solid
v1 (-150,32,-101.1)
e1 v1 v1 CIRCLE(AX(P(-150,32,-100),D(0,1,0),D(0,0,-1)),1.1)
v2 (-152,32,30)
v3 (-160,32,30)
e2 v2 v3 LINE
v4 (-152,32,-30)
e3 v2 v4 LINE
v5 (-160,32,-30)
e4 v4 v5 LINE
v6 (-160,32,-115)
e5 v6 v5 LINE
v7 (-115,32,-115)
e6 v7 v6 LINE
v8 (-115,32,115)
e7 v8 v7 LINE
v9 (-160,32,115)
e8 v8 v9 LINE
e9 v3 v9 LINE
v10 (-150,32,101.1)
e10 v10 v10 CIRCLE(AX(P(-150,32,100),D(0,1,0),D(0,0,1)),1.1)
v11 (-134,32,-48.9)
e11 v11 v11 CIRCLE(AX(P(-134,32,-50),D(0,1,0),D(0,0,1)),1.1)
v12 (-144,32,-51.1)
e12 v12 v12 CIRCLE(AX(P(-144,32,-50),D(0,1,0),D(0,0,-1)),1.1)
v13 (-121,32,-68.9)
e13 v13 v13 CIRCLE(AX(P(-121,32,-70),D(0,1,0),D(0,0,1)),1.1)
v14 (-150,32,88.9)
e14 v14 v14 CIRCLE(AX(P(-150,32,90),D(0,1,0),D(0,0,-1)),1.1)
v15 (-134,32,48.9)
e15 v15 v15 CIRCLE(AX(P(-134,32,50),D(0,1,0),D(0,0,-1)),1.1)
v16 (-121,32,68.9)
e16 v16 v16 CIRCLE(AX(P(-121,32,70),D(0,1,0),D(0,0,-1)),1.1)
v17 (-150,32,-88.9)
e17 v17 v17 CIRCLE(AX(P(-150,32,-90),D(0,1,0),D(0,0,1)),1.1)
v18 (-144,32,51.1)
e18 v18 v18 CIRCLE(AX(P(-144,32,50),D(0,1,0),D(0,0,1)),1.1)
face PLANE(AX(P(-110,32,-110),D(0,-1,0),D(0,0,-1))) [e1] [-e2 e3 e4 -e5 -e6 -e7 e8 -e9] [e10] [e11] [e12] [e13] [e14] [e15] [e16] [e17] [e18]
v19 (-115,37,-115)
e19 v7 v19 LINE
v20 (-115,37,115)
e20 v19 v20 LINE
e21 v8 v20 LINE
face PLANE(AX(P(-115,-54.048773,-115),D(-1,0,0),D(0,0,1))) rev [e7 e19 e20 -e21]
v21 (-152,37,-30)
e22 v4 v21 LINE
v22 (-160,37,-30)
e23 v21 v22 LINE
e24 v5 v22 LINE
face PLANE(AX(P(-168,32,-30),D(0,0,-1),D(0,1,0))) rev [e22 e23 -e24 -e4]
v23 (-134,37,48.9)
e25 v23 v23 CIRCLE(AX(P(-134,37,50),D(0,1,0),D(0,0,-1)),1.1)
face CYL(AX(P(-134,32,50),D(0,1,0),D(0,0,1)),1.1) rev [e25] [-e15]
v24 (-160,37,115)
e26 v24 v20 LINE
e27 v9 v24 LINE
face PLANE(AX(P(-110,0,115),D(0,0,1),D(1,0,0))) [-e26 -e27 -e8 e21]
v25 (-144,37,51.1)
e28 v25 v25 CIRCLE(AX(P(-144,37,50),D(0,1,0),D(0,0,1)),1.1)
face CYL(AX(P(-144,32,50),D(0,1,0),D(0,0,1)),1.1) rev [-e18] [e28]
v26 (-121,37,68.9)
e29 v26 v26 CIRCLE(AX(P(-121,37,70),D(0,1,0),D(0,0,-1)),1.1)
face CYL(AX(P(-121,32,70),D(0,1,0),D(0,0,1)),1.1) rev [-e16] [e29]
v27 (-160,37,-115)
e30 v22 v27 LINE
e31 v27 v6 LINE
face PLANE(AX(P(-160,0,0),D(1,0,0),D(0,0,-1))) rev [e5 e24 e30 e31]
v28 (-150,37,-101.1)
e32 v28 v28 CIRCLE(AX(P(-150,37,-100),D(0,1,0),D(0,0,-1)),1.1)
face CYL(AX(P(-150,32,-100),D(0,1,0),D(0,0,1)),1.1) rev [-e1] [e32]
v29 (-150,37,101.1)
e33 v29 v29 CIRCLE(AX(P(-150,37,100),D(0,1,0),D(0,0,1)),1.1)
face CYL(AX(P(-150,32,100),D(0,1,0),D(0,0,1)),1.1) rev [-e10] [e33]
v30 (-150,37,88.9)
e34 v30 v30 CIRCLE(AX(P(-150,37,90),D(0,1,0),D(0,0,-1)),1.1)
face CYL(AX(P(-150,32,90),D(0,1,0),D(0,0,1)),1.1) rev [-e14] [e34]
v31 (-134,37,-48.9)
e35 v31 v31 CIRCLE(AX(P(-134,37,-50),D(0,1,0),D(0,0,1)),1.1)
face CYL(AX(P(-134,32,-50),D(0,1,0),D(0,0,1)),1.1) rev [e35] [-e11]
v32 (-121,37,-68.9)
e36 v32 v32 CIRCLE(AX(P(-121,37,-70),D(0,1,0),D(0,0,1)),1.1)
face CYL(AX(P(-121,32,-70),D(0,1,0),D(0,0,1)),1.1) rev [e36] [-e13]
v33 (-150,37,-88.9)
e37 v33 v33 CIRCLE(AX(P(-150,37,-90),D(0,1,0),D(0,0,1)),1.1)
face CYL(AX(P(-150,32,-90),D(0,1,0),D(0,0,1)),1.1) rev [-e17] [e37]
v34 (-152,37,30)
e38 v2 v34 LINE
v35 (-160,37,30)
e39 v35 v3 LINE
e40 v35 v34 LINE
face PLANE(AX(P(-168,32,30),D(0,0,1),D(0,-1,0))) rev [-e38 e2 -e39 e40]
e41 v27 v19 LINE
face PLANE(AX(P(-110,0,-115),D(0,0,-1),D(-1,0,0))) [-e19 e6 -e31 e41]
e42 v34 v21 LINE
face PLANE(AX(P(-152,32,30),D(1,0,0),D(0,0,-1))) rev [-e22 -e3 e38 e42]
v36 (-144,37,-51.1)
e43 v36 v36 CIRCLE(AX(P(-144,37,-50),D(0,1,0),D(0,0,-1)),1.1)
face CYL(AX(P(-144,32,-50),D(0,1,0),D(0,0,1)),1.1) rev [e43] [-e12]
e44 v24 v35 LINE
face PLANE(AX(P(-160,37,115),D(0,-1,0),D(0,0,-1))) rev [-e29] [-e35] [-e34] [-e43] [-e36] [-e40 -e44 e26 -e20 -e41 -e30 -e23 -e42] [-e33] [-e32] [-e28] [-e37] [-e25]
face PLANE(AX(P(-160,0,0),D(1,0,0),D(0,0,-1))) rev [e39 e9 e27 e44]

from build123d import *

# Parameters (mm, degrees)
SKETCH1_W                      = 5
SKETCH1_H                      = 110
BOSS_EXTRUDE1_DEPTH            = 120
BOSS_EXTRUDE1_DEPTH_BACK       = 110
BOSS_EXTRUDE1_2_DEPTH          = 120
BOSS_EXTRUDE1_2_DEPTH_BACK     = 110
SKETCH2_W                      = 5
SKETCH2_H                      = 37
BOSS_EXTRUDE2_DEPTH            = 50
SKETCH3_W                      = 220
SKETCH3_H                      = 5
BOSS_EXTRUDE3_DEPTH            = 50
SKETCH4_W                      = 230
SKETCH4_H                      = 73
BOSS_EXTRUDE6_DEPTH            = 5
CUT_EXTRUDE3_DEPTH             = 231
SKETCH5_W                      = 348
SKETCH5_H                      = 227
SKETCH5_W_2                    = 328
SKETCH5_H_2                    = 207
BOSS_EXTRUDE7_DEPTH            = 5
BOSS_EXTRUDE8_DEPTH            = 59
FILLET5_R                      = 15
BOSS_EXTRUDE9_DEPTH            = 5
BOSS_EXTRUDE10_DEPTH           = 5
FILLET6_R                      = 3
CUT_EXTRUDE4_DEPTH             = 165.048773235
SKETCH15_W                     = 45
SKETCH15_H                     = 32
CUT_EXTRUDE5_DEPTH             = 1
CUT_EXTRUDE5_DEPTH_BACK        = 231
SKETCH16_R                     = 1.1
HOLES_FOR_PART_1_DEPTH         = 6
SKETCH17_R                     = 1.1
HOLES_FOR_FORWARD_PART_4_DEPTH = 6
SKETCH18_R                     = 1.1
HOLES_FOR_FORWARD_PART_2_DEPTH = 6
SKETCH19_W                     = 16
SKETCH19_H                     = 60
CUT_EXTRUDE6_DEPTH             = 6


with BuildPart() as part:
    # Sketch1 → Boss-Extrude1 (new body, two sides)
    with BuildSketch(Plane(origin=(0, 0, 0), x_dir=(0, 0, -1), z_dir=(1, 0, 0))) as boss_extrude1_sk:
        with Locations((-112.5, 55)):
            Rectangle(SKETCH1_W, SKETCH1_H)
    extrude(amount=BOSS_EXTRUDE1_DEPTH)
    extrude(boss_extrude1_sk.sketch, amount=-BOSS_EXTRUDE1_DEPTH_BACK)



with BuildPart() as body_2:
    # Sketch1 → Boss-Extrude1 2 (new body, two sides)
    with BuildSketch(Plane(origin=(0, 0, 0), x_dir=(0, 0, -1), z_dir=(1, 0, 0))) as boss_extrude1_2_sk:
        with Locations((112.5, 55)):
            Rectangle(SKETCH1_W, SKETCH1_H)
    extrude(amount=BOSS_EXTRUDE1_2_DEPTH)
    extrude(boss_extrude1_2_sk.sketch, amount=-BOSS_EXTRUDE1_2_DEPTH_BACK)


with BuildPart() as part_1:
    add(part.part)

    add(body_2.part)  # Boss-Extrude2 merges body 2
    # Sketch2 → Boss-Extrude2 (add)
    with BuildSketch(Plane.ZY.offset(110)):
        with Locations((-112.5, 18.5)):
            Rectangle(SKETCH2_W, SKETCH2_H)
        with Locations((112.5, 18.5)):
            Rectangle(SKETCH2_W, SKETCH2_H)
    extrude(amount=BOSS_EXTRUDE2_DEPTH)

    # Sketch3 → Boss-Extrude3 (add)
    with BuildSketch(Plane.ZY.offset(160)):
        with Locations((0, 34.5)):
            Rectangle(SKETCH3_W, SKETCH3_H)
    extrude(amount=-BOSS_EXTRUDE3_DEPTH)

    # Sketch4 → Boss-Extrude6 (add)
    with BuildSketch(Plane.ZY.offset(110)):
        with Locations((0, 73.5)):
            Rectangle(SKETCH4_W, SKETCH4_H)
    extrude(amount=BOSS_EXTRUDE6_DEPTH)

    # Sketch9 → Cut-Extrude3 (cut, through all)
    with BuildSketch(Plane.XY.offset(115)):
        Polygon((120, 110), (116.464466094, 106.464466094), (120, 102.928932188), align=None)
    extrude(amount=-CUT_EXTRUDE3_DEPTH, mode=Mode.SUBTRACT)

    # Sketch10 → Boss-Extrude8 (add)
    with BuildSketch(Plane.XY.offset(115)):
        Polygon((120, 110), (111.464466094, 110), (111.464466094, 0), (120, 0), (120, 102.928932188), (116.464466094, 106.464466094), align=None)
    boss_extrude8 = extrude(amount=BOSS_EXTRUDE8_DEPTH)

    # Mirror3: Boss-Extrude8 across plane
    add(boss_extrude8.mirror(Plane.XY))

    # Fillet5
    fillet5_edges = [part_1.edges().sort_by_distance(p)[0] for p in [
        (111.464466094, 55, 115),
        (111.464466094, 55, -115),
    ]]
    fillet(fillet5_edges, radius=FILLET5_R)

    # Fillet6
    fillet6_edges = [part_1.edges().sort_by_distance(p)[0] for p in [
        (111.464466094, 55, 174),
        (111.464466094, 55, -174),
    ]]
    fillet(fillet6_edges, radius=FILLET6_R)


with BuildPart() as body_2_2:
    # Sketch5 → Boss-Extrude7 (new body)
    with BuildSketch(Plane(origin=(115, 115, 0), x_dir=(0, 0, 1), z_dir=(-0.707106781, -0.707106781, 0))):
        with Locations((0, -120.571067812)):
            Rectangle(SKETCH5_W, SKETCH5_H)
        with Locations((0, -120.571067812)):
            Rectangle(SKETCH5_W_2, SKETCH5_H_2, mode=Mode.SUBTRACT)
    extrude(amount=BOSS_EXTRUDE7_DEPTH)


with BuildPart() as body_3:
    # Sketch12 → Boss-Extrude9 (new body)
    with BuildSketch(Plane.XY.offset(174)):
        Polygon((120, 0), (222.928932188, 0), (120, 102.928932188), align=None)
    extrude(amount=-BOSS_EXTRUDE9_DEPTH)


with BuildPart() as body_4:
    # Sketch13 → Boss-Extrude10 (new body)
    with BuildSketch(Plane(origin=(0, 0, -174), x_dir=(-1, 0, 0), z_dir=(0, 0, -1))):
        Polygon((-120, 102.928932188), (-120, 0), (-222.928932188, 0), align=None)
    extrude(amount=-BOSS_EXTRUDE10_DEPTH)


with BuildPart() as cut_extrude4_tool:
    # Sketch14 → Cut-Extrude4 (new body, through all)
    with BuildSketch(Plane(origin=(0, 110, 0), x_dir=(1, 0, 0), z_dir=(0, 1, 0))):
        Polygon((-115, 115), (-115, -115), (-167.30995795, -115), (-167.30995795, -200.602059027), (289.684331767, -200.602059027), (289.684331767, -115), (289.684331767, 105), (289.684331767, 193.761157723), (-167.30995795, 193.761157723), (-167.30995795, 115), align=None)
    extrude(amount=-CUT_EXTRUDE4_DEPTH)


with BuildPart() as part_2:
    add(part_1.part)

    # Cut-Extrude4: cut by cut_extrude4_tool
    add(cut_extrude4_tool.part, mode=Mode.SUBTRACT)

    # Sketch15 → Cut-Extrude5 (cut, two sides)
    with BuildSketch(Plane.XY.offset(115)) as cut_extrude5_sk:
        with Locations((-137.5, 16)):
            Rectangle(SKETCH15_W, SKETCH15_H)
    extrude(amount=CUT_EXTRUDE5_DEPTH, mode=Mode.SUBTRACT)
    extrude(cut_extrude5_sk.sketch, amount=-CUT_EXTRUDE5_DEPTH_BACK, mode=Mode.SUBTRACT)

    # Sketch16 → Holes for part 1 (cut, through all)
    with BuildSketch(Plane(origin=(0, 37, 0), x_dir=(1, 0, 0), z_dir=(0, 1, 0))):
        with Locations((-150, -100)):
            Circle(SKETCH16_R)
        with Locations((-150, -90)):
            Circle(SKETCH16_R)
        with Locations((-150, 90)):
            Circle(SKETCH16_R)
        with Locations((-150, 100)):
            Circle(SKETCH16_R)
    extrude(amount=-HOLES_FOR_PART_1_DEPTH, mode=Mode.SUBTRACT)

    # Sketch17 → Holes for forward part 4 (cut, through all)
    with BuildSketch(Plane(origin=(0, 37, 0), x_dir=(1, 0, 0), z_dir=(0, 1, 0))):
        with Locations((-121, 70)):
            Circle(SKETCH17_R)
        with Locations((-121, -70)):
            Circle(SKETCH17_R)
    extrude(amount=-HOLES_FOR_FORWARD_PART_4_DEPTH, mode=Mode.SUBTRACT)

    # Sketch18 → Holes for forward part 2 (cut, through all)
    with BuildSketch(Plane(origin=(0, 37, 0), x_dir=(1, 0, 0), z_dir=(0, 1, 0))):
        with Locations((-134, 50)):
            Circle(SKETCH18_R)
        with Locations((-144, 50)):
            Circle(SKETCH18_R)
        with Locations((-144, -50)):
            Circle(SKETCH18_R)
        with Locations((-134, -50)):
            Circle(SKETCH18_R)
    extrude(amount=-HOLES_FOR_FORWARD_PART_2_DEPTH, mode=Mode.SUBTRACT)

    # Sketch19 → Cut-Extrude6 (cut, through all)
    with BuildSketch(Plane(origin=(0, 37, 0), x_dir=(1, 0, 0), z_dir=(0, 1, 0))):
        with Locations((-160, 0)):
            Rectangle(SKETCH19_W, SKETCH19_H)
    extrude(amount=-CUT_EXTRUDE6_DEPTH, mode=Mode.SUBTRACT)


with BuildPart() as body_2_2_1:
    add(body_2_2.part)

    # Cut-Extrude4: cut by cut_extrude4_tool
    add(cut_extrude4_tool.part, mode=Mode.SUBTRACT)


with BuildPart() as body_3_1:
    add(body_3.part)

    # Cut-Extrude4: cut by cut_extrude4_tool
    add(cut_extrude4_tool.part, mode=Mode.SUBTRACT)


with BuildPart() as body_4_1:
    add(body_4.part)

    # Cut-Extrude4: cut by cut_extrude4_tool
    add(cut_extrude4_tool.part, mode=Mode.SUBTRACT)


solid = part_2.part
